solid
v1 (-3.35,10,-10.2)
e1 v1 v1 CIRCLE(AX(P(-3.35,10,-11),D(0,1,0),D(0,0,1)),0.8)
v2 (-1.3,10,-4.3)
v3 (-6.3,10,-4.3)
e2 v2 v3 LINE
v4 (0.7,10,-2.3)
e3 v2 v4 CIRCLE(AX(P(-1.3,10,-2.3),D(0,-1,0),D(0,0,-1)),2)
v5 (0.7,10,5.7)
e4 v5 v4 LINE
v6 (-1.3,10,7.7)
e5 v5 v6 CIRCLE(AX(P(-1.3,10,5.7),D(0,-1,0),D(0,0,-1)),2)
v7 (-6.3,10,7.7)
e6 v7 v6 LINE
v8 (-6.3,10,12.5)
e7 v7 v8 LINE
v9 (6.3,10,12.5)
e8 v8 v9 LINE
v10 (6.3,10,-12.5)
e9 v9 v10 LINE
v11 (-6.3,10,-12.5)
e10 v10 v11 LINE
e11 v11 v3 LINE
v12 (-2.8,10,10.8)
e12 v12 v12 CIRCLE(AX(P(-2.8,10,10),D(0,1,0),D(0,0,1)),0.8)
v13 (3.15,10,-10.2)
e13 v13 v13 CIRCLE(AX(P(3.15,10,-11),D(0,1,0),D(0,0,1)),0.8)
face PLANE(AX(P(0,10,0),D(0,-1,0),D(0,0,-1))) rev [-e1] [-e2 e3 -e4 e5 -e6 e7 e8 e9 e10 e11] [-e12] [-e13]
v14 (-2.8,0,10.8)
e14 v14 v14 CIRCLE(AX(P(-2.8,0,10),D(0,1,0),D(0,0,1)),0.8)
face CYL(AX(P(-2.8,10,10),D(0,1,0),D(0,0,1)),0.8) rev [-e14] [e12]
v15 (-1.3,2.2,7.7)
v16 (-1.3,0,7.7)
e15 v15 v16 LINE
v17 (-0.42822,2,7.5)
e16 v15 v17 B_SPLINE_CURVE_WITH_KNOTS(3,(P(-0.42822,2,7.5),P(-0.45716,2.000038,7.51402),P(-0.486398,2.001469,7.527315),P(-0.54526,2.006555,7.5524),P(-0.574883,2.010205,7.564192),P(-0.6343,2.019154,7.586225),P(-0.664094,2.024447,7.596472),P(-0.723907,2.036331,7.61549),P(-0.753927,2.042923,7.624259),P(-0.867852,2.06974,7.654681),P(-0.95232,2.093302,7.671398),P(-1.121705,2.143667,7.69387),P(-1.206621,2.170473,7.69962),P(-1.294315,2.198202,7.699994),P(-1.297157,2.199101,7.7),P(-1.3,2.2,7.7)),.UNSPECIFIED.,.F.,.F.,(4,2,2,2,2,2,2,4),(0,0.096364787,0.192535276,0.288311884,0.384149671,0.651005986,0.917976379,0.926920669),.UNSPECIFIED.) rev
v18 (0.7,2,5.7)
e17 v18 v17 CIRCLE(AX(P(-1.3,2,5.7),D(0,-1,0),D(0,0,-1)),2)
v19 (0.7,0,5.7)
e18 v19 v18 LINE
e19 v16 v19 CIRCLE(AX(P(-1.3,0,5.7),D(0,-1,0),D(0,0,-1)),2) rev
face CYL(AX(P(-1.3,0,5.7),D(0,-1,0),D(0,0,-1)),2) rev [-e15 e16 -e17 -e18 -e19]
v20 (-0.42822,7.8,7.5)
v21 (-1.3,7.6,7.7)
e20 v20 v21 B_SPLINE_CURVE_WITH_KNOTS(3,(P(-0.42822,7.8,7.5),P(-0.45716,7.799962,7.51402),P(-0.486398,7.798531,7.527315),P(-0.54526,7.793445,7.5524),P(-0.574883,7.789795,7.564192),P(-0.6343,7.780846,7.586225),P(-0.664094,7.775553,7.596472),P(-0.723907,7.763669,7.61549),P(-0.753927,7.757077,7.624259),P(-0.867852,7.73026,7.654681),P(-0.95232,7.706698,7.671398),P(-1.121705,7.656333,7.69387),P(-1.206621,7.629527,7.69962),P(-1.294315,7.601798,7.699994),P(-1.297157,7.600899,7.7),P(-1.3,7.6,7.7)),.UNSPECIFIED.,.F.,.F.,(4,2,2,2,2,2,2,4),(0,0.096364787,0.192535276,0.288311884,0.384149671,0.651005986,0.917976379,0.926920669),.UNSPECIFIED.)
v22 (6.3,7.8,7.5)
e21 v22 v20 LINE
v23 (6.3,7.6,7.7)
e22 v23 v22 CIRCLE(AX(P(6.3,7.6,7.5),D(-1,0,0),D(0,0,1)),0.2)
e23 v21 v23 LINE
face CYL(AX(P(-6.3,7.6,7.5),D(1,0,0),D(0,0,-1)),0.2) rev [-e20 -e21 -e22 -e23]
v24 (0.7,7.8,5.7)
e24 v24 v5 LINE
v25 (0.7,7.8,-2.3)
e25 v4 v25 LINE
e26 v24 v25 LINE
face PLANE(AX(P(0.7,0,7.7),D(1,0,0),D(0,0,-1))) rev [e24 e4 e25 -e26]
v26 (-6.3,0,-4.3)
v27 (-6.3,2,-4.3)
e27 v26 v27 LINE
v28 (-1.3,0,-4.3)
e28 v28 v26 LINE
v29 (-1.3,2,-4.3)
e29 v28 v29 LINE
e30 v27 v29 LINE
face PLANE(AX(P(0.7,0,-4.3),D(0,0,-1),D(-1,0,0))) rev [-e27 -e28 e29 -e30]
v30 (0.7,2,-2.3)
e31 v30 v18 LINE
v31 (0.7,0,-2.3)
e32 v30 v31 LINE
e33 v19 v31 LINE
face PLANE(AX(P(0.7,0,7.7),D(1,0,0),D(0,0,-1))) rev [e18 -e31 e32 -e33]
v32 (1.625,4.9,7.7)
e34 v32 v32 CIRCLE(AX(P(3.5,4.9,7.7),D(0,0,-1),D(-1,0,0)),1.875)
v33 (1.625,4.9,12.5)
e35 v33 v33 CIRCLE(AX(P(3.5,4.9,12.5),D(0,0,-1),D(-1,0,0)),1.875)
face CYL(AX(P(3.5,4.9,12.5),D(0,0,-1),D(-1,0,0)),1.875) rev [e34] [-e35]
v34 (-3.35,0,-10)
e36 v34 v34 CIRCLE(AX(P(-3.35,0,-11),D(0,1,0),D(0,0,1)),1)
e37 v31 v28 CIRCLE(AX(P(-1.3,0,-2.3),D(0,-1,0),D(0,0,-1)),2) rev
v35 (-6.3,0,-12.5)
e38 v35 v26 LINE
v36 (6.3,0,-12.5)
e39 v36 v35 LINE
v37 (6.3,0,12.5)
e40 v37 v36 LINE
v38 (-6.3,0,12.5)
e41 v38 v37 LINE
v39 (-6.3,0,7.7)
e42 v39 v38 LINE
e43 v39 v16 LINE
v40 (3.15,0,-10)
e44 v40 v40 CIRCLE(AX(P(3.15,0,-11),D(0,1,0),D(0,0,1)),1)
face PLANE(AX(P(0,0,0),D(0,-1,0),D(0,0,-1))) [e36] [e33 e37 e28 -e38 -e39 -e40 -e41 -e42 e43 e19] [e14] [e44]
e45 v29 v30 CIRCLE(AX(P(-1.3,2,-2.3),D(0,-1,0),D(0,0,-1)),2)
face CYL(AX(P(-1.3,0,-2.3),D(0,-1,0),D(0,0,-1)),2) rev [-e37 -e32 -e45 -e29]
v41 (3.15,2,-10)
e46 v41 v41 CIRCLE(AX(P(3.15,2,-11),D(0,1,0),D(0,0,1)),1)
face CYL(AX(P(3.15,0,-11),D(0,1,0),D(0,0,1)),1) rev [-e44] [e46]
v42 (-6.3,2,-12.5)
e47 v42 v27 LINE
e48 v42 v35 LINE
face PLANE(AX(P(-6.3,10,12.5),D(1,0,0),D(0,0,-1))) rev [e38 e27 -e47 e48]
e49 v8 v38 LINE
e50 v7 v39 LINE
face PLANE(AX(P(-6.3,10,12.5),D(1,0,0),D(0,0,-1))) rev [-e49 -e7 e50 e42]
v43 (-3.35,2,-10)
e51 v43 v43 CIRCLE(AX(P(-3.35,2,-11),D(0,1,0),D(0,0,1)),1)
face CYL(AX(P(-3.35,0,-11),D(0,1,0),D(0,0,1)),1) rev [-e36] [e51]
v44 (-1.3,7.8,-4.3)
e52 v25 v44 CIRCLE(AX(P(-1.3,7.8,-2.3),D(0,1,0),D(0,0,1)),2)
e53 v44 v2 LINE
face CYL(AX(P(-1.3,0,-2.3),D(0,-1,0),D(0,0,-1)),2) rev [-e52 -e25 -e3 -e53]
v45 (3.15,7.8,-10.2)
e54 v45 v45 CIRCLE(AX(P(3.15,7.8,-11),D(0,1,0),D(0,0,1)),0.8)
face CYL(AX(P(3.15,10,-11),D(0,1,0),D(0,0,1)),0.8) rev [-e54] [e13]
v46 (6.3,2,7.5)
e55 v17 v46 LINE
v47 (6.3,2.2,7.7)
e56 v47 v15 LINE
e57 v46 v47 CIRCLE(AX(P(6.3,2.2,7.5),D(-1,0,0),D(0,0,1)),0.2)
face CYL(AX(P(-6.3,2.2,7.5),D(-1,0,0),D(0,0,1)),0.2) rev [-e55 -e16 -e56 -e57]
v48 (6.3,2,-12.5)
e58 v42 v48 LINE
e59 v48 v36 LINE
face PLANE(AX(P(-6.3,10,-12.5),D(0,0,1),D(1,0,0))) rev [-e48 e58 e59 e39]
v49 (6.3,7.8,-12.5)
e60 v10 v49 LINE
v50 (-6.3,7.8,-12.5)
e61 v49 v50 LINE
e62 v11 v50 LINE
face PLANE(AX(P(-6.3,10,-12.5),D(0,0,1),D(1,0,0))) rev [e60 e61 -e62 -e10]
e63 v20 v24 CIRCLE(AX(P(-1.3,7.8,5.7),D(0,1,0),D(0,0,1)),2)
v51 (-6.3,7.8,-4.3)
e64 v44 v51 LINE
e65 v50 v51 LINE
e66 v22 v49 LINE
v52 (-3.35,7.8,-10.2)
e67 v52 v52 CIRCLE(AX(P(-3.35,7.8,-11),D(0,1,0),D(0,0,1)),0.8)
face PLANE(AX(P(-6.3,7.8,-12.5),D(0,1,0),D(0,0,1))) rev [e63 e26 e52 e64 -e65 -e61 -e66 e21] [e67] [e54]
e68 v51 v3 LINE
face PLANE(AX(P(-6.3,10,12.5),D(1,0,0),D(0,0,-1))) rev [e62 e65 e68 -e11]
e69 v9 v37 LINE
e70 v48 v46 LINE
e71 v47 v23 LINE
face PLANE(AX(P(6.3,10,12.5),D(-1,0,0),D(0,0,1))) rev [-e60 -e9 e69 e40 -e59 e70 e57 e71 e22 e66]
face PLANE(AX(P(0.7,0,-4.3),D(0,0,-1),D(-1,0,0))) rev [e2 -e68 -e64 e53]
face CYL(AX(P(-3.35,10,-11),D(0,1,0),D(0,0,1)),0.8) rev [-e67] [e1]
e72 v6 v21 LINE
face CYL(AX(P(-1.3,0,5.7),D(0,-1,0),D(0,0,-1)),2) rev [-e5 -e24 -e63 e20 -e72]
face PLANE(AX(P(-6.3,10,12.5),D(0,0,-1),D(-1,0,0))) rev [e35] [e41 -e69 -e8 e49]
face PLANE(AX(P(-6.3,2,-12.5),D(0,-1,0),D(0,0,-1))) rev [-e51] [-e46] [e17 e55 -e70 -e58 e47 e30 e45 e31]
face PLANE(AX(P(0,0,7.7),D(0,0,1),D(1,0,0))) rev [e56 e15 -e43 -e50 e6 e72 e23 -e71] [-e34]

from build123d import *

# Parameters (mm, degrees)
SKETCH1_W                   = 12.6
SKETCH1_H                   = 25
BOSS_EXTRUDE1_DEPTH         = 10
CUT_EXTRUDE1_START          = -4.8
SKETCH2_W                   = 7
SKETCH2_H                   = 5.8
CUT_EXTRUDE1_DEPTH          = 23.853028767
SKETCH3_W                   = 20.2
SKETCH3_H                   = 5.8
CUT_EXTRUDE2_DEPTH          = 18.47140521
SKETCH6_R                   = 1
CUT_EXTRUDE5_DEPTH          = 17.122654868
TAP_DRILL_FOR_M2X0_4_TAP1_D = 1.6
CUT_EXTRUDE6_DEPTH          = 17.122654868
CUT_EXTRUDE6_DEPTH_BACK     = 17.122654868
SKETCH9_W                   = 7
SKETCH9_H                   = 12
FILLET1_R                   = 2
SKETCH4_R                   = 1.875
CUT_EXTRUDE7_DEPTH          = 24.403632197
TAP_DRILL_FOR_M2X0_4_TAP4_D = 1.6
FILLET3_R                   = 0.2


with BuildPart() as part:
    # Sketch1 → Boss-Extrude1 (new body)
    with BuildSketch(Plane(origin=(0, 0, 0), x_dir=(1, 0, 0), z_dir=(0, 1, 0))):
        Rectangle(SKETCH1_W, SKETCH1_H)
    extrude(amount=BOSS_EXTRUDE1_DEPTH)

    # Sketch2 → Cut-Extrude1 (cut, through all)
    with BuildSketch(Plane.XY.offset(12.5).offset(CUT_EXTRUDE1_START)):
        with Locations((-2.8, 4.9)):
            Rectangle(SKETCH2_W, SKETCH2_H)
    extrude(amount=-CUT_EXTRUDE1_DEPTH, mode=Mode.SUBTRACT)

    # Sketch3 → Cut-Extrude2 (cut, through all)
    with BuildSketch(Plane.ZY.offset(-0.7)):
        with Locations((-2.4, 4.9)):
            Rectangle(SKETCH3_W, SKETCH3_H)
    extrude(amount=-CUT_EXTRUDE2_DEPTH, mode=Mode.SUBTRACT)

    # Sketch6 → Cut-Extrude5 (cut, through all)
    with BuildSketch(Plane(origin=(0, 2, 0), x_dir=(1, 0, 0), z_dir=(0, 1, 0))):
        with Locations((3.15, 11)):
            Circle(SKETCH6_R)
        with Locations((-3.35, 11)):
            Circle(SKETCH6_R)
    extrude(amount=-CUT_EXTRUDE5_DEPTH, mode=Mode.SUBTRACT)

    # Tap Drill for M2x0.4 Tap1 (through all)
    with Locations(Plane(origin=(3.15, 10, -11), x_dir=(0, 0, 1), z_dir=(0, 1, 0))):
        with Locations((0, 0), (0, -6.5)):
            Hole(TAP_DRILL_FOR_M2X0_4_TAP1_D / 2)

    # Sketch9 → Cut-Extrude6 (cut, two sides: drawn at the far end of the back side and taken through both)
    with BuildSketch(Plane(origin=(0, 2, 0), x_dir=(1, 0, 0), z_dir=(0, 1, 0)).offset(-CUT_EXTRUDE6_DEPTH_BACK)):
        with Locations((-2.8, -1.7)):
            Rectangle(SKETCH9_W, SKETCH9_H)
    extrude(amount=CUT_EXTRUDE6_DEPTH + CUT_EXTRUDE6_DEPTH_BACK, mode=Mode.SUBTRACT)

    # Fillet1
    fillet1_edges = [part.edges().sort_by_distance(p)[0] for p in [
        (0.7, 1, -4.3),
        (0.7, 1, 7.7),
        (0.7, 8.9, -4.3),
        (0.7, 8.9, 7.7),
    ]]
    fillet(fillet1_edges, radius=FILLET1_R)

    # Sketch4 → Cut-Extrude7 (cut, through all)
    with BuildSketch(Plane(origin=(0, 0, 7.7), x_dir=(-1, 0, 0), z_dir=(0, 0, -1))):
        with Locations((-3.5, 4.9)):
            Circle(SKETCH4_R)
    extrude(amount=-CUT_EXTRUDE7_DEPTH, mode=Mode.SUBTRACT)

    # Tap Drill for M2x0.4 Tap4 (through all)
    with Locations(Plane(origin=(-2.8, 10, 10), x_dir=(0, 0, 1), z_dir=(0, 1, 0))):
        with Locations((0, 0)):
            Hole(TAP_DRILL_FOR_M2X0_4_TAP4_D / 2)

    # Fillet3
    fillet3_edges = [part.edges().sort_by_distance(p)[0] for p in [
        (2.5, 2, 7.7),
        (2.5, 7.8, 7.7),
    ]]
    fillet(fillet3_edges, radius=FILLET3_R)


solid = part.part
